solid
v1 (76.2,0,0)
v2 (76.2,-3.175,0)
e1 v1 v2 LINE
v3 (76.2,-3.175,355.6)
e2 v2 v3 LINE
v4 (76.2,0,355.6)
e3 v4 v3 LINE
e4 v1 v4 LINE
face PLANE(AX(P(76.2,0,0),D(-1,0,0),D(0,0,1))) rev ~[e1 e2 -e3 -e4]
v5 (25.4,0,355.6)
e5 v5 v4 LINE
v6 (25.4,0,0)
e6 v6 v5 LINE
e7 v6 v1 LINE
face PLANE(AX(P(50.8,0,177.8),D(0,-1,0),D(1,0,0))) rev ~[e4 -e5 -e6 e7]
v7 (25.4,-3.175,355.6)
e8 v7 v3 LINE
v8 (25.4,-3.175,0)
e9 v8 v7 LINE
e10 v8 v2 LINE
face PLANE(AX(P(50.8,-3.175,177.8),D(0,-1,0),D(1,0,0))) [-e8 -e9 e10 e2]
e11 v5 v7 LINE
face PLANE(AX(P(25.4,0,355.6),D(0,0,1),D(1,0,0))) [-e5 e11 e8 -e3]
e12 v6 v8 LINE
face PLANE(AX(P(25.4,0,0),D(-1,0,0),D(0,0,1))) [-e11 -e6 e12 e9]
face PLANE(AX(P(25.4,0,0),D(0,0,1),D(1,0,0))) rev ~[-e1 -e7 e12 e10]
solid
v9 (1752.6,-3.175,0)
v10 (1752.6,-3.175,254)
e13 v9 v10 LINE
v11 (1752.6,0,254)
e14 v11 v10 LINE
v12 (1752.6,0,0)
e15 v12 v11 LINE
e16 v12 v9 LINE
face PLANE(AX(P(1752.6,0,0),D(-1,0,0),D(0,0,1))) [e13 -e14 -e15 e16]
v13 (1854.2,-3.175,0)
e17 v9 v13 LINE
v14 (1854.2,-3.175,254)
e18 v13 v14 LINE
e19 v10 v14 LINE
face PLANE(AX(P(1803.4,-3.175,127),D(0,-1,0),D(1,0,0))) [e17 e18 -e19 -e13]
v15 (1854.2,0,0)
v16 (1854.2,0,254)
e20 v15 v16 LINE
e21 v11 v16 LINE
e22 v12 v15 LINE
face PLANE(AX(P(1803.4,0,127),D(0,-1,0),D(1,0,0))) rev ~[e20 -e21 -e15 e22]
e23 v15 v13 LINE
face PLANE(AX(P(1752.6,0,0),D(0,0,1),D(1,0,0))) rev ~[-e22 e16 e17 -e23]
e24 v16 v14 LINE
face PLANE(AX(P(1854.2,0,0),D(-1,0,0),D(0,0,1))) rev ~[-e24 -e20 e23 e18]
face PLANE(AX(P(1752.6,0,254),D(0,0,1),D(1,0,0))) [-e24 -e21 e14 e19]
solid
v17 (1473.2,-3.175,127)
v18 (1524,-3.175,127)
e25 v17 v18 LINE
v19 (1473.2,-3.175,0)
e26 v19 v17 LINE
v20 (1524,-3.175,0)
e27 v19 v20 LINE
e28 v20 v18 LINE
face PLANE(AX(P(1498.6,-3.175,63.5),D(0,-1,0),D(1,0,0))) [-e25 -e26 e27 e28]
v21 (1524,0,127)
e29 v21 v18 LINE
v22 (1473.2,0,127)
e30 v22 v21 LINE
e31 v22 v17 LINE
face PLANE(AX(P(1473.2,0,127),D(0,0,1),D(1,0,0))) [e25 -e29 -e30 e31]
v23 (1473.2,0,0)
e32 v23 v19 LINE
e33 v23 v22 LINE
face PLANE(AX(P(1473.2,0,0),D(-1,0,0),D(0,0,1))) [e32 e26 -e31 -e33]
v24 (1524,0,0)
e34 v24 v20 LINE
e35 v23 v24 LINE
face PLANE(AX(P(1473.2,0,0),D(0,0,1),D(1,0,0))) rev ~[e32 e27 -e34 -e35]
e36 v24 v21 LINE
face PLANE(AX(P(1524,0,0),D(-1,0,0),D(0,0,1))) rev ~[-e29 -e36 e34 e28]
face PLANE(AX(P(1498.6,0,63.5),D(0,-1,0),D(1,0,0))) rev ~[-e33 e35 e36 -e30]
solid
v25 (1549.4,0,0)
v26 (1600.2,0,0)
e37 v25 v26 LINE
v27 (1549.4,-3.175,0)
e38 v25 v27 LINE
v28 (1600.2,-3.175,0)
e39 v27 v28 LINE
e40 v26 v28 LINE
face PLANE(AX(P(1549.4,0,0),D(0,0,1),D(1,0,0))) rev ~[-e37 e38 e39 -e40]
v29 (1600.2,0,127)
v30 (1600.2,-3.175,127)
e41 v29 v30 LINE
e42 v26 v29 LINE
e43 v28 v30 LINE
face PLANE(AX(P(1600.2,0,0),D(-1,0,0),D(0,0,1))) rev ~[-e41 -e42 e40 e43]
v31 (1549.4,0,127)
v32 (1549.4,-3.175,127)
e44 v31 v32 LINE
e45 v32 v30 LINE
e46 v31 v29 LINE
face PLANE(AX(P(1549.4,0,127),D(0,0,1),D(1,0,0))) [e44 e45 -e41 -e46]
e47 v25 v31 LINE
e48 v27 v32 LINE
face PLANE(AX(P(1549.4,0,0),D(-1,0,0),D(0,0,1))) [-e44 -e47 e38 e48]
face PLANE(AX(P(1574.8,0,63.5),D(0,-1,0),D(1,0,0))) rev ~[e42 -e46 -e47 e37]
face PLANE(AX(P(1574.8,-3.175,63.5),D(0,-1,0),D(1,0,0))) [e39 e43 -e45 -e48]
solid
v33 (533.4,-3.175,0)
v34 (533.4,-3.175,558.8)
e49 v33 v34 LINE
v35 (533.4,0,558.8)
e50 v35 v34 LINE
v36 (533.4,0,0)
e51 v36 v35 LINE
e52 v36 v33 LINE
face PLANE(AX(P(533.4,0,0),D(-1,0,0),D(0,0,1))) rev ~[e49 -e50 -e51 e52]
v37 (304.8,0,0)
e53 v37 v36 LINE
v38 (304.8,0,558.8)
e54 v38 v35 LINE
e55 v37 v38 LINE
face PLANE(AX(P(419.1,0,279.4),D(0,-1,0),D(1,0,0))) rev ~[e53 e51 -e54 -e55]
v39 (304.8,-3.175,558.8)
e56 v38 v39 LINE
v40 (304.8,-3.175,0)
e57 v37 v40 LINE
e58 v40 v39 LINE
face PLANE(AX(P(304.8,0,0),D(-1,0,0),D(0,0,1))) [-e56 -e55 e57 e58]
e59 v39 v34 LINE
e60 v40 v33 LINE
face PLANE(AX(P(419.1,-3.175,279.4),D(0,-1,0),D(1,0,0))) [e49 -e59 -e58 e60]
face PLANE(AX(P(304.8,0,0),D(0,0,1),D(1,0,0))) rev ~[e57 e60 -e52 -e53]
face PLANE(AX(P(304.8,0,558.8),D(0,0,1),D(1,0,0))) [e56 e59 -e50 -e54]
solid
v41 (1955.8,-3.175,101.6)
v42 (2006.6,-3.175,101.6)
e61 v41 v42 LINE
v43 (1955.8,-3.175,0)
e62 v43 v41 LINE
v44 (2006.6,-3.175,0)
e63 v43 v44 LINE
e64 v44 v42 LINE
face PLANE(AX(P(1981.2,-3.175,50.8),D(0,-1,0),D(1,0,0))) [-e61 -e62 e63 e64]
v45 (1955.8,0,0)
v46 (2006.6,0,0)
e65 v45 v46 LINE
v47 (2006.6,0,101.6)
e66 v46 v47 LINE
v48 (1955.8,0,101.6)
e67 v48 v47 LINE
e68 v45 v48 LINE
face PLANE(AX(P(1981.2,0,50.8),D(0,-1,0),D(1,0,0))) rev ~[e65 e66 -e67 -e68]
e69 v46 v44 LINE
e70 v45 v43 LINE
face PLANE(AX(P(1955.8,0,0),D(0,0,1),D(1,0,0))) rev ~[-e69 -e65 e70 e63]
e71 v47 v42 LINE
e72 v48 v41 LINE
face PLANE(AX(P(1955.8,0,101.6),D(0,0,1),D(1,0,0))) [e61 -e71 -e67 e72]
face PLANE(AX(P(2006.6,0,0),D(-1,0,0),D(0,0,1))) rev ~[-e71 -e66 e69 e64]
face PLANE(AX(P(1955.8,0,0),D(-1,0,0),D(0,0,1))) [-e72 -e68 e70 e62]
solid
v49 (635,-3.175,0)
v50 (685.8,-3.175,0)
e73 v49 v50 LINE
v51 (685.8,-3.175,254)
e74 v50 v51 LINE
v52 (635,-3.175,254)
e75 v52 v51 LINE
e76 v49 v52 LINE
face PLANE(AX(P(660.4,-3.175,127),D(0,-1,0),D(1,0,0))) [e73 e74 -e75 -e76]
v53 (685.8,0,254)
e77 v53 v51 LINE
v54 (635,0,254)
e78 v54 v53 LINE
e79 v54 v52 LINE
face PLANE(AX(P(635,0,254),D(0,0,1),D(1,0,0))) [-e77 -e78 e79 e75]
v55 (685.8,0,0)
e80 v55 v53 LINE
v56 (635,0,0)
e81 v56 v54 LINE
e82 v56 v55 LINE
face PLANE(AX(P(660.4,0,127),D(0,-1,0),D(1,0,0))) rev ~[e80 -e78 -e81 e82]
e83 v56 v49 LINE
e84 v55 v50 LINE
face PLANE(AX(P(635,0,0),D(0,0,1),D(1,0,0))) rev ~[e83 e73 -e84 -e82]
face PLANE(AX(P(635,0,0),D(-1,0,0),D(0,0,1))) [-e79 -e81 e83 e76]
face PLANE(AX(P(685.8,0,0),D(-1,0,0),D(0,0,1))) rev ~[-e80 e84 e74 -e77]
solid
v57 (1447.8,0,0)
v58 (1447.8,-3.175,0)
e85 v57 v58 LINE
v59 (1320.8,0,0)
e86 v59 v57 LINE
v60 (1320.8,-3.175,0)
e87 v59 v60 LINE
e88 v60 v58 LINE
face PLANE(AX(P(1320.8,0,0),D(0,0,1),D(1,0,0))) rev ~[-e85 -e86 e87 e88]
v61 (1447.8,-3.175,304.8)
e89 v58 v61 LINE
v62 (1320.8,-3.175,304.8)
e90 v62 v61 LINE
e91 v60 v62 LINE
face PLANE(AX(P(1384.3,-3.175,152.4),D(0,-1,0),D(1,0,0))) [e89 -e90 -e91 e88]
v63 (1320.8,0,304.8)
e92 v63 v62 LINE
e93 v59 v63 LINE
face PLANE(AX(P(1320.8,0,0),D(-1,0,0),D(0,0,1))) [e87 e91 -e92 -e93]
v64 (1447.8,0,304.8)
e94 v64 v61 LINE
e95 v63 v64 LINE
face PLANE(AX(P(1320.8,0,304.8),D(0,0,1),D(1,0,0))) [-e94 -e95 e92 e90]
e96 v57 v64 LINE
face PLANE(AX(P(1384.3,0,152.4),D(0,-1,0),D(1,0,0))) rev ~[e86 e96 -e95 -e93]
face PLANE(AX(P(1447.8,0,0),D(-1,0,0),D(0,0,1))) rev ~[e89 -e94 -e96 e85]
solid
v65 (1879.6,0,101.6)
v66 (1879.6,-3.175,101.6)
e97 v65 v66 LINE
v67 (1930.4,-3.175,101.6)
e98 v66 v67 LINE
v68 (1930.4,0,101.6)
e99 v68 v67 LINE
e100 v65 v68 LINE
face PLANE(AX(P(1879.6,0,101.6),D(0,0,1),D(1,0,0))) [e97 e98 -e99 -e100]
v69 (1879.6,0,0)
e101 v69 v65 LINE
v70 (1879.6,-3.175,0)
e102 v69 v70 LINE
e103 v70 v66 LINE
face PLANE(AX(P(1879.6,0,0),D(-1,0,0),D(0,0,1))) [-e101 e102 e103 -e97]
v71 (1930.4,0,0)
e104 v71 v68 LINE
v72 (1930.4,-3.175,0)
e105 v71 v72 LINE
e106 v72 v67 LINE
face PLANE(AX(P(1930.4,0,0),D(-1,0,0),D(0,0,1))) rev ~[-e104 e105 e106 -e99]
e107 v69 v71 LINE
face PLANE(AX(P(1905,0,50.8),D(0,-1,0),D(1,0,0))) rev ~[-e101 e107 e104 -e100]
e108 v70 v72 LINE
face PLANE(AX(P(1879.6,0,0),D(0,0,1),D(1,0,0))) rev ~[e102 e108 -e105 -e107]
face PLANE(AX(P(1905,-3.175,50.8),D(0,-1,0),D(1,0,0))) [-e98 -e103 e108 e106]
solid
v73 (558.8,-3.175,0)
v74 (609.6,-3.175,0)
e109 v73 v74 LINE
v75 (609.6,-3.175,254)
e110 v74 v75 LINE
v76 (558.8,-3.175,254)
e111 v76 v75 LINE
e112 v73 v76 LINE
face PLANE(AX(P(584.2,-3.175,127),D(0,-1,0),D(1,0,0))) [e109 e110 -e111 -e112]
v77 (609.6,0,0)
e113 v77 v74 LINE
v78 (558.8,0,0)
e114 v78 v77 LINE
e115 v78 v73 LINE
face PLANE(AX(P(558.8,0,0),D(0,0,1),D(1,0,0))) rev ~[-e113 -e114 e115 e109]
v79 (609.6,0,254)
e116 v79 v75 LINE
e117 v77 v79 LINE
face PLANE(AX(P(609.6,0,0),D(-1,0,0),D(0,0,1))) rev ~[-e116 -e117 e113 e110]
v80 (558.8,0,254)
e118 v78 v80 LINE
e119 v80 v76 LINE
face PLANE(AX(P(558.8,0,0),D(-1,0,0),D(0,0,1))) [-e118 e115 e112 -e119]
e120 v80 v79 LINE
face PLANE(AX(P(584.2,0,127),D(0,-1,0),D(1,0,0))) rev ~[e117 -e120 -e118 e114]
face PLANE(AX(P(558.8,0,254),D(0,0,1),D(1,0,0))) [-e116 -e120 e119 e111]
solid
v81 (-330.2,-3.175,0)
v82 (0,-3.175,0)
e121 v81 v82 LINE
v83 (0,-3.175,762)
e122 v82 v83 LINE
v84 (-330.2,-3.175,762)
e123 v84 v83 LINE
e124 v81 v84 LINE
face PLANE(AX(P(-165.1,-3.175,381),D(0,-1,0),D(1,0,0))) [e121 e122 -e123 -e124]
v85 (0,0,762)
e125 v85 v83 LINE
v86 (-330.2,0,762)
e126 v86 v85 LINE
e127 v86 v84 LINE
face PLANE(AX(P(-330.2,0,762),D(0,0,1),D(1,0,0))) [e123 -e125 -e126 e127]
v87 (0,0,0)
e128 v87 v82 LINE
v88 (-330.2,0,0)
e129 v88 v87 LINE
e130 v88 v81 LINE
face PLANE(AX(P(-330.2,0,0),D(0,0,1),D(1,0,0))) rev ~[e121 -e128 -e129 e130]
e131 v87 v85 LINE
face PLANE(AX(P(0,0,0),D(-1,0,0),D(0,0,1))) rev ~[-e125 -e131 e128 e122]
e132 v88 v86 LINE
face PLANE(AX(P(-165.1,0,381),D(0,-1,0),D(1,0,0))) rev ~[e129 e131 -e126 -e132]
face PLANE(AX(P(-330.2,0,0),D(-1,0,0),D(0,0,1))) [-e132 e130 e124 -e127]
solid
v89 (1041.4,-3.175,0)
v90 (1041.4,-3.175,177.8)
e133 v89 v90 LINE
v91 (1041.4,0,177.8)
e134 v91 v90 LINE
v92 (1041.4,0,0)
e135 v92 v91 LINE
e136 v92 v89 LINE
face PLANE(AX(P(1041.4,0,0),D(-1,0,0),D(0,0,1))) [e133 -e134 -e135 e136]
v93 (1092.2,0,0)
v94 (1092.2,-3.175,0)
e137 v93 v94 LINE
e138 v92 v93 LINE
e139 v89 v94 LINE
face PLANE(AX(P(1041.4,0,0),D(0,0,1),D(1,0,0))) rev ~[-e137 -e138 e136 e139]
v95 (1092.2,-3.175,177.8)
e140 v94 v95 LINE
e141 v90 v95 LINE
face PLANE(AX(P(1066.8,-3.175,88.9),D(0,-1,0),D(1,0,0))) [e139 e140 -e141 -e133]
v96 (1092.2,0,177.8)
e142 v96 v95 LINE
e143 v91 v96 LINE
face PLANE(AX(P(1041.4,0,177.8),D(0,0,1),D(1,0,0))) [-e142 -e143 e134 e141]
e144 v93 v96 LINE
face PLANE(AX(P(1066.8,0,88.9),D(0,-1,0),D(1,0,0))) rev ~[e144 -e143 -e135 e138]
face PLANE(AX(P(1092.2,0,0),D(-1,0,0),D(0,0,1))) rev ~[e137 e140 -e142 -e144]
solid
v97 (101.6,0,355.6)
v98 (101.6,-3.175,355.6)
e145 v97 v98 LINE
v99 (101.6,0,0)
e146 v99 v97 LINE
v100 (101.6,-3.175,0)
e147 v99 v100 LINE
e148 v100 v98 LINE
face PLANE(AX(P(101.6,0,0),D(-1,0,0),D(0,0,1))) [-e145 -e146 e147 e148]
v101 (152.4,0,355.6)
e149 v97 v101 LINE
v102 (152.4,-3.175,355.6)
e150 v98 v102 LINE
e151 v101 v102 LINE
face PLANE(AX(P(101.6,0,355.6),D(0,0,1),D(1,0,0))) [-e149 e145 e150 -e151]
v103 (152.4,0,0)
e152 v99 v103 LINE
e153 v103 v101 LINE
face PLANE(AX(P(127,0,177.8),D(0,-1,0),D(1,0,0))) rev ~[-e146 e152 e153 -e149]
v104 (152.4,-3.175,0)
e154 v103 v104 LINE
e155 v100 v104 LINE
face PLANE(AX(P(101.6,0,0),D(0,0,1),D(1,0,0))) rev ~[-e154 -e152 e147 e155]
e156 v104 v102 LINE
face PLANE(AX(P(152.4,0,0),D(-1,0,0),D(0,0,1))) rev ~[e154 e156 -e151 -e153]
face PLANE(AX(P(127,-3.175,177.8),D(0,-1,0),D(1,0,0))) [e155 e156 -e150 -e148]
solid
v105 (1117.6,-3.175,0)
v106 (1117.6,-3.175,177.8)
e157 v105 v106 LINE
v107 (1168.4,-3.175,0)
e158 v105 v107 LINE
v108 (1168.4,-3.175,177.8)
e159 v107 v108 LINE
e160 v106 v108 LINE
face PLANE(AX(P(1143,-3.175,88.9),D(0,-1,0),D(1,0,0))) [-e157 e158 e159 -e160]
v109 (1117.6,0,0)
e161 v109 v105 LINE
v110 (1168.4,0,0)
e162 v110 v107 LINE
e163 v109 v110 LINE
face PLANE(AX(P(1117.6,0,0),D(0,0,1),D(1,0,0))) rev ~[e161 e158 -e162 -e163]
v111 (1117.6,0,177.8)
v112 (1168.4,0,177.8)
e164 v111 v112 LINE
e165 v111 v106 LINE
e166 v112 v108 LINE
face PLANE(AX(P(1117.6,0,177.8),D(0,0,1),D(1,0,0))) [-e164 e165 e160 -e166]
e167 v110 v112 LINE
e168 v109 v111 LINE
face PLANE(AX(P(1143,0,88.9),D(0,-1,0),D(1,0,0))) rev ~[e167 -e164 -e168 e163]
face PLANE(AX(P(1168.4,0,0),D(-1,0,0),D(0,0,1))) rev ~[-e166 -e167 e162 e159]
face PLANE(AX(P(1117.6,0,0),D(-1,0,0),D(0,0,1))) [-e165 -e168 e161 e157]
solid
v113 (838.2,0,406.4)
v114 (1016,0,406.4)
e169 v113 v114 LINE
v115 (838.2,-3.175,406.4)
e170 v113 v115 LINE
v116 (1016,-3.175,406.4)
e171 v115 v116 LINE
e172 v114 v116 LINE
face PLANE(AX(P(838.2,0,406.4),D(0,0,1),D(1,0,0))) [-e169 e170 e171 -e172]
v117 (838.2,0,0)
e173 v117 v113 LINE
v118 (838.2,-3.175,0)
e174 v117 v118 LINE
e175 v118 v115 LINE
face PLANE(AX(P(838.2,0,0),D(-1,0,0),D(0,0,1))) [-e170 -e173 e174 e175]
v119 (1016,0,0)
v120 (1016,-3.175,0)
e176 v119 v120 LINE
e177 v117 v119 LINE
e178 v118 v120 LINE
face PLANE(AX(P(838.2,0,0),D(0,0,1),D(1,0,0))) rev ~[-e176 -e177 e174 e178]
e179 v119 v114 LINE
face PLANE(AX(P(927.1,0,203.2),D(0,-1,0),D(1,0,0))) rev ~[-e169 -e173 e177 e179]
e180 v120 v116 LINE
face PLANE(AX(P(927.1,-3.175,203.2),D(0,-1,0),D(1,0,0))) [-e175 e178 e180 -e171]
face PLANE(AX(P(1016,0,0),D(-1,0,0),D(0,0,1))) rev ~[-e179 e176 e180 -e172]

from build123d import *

# Parameters (mm, degrees)
F0_W     = 330.2
F0_H     = 762
F0_W_2   = 50.8
F0_H_2   = 355.6
F1_W     = 228.6
F1_H     = 558.8
F1_W_2   = 50.8
F1_H_2   = 254
F2_W     = 177.8
F2_H     = 406.4
F2_W_2   = 50.8
F2_H_2   = 177.8
F3_W     = 50.8
F3_H     = 127
F3_W_2   = 127
F3_H_2   = 304.8
F4_W     = 50.8
F4_H     = 101.6
F4_W_2   = 101.6
F4_H_2   = 254
F5_DEPTH = 3.175


with BuildPart() as f5:
    # F0 (on Front) + F1 (on Front) + F2 (on Front) + F3 (on Front) + F4 (on Front) → F5 (new body)
    with BuildSketch(Plane.XZ):
        with Locations((-165.1, 381)):
            Rectangle(F0_W, F0_H)
        with Locations((50.8, 177.8)):
            Rectangle(F0_W_2, F0_H_2)
        with Locations((127, 177.8)):
            Rectangle(F0_W_2, F0_H_2)
    with BuildSketch(Plane.XZ):
        with Locations((419.1, 279.4)):
            Rectangle(F1_W, F1_H)
        with Locations((584.2, 127)):
            Rectangle(F1_W_2, F1_H_2)
        with Locations((660.4, 127)):
            Rectangle(F1_W_2, F1_H_2)
    with BuildSketch(Plane.XZ):
        with Locations((927.1, 203.2)):
            Rectangle(F2_W, F2_H)
        with Locations((1066.8, 88.9)):
            Rectangle(F2_W_2, F2_H_2)
        with Locations((1143, 88.9)):
            Rectangle(F2_W_2, F2_H_2)
    with BuildSketch(Plane.XZ):
        with Locations((1574.8, 63.5)):
            Rectangle(F3_W, F3_H)
        with Locations((1498.6, 63.5)):
            Rectangle(F3_W, F3_H)
        with Locations((1384.3, 152.4)):
            Rectangle(F3_W_2, F3_H_2)
    with BuildSketch(Plane.XZ):
        with Locations((1981.2, 50.8)):
            Rectangle(F4_W, F4_H)
        with Locations((1905, 50.8)):
            Rectangle(F4_W, F4_H)
        with Locations((1803.4, 127)):
            Rectangle(F4_W_2, F4_H_2)
    extrude(amount=F5_DEPTH)


solid = f5.part
